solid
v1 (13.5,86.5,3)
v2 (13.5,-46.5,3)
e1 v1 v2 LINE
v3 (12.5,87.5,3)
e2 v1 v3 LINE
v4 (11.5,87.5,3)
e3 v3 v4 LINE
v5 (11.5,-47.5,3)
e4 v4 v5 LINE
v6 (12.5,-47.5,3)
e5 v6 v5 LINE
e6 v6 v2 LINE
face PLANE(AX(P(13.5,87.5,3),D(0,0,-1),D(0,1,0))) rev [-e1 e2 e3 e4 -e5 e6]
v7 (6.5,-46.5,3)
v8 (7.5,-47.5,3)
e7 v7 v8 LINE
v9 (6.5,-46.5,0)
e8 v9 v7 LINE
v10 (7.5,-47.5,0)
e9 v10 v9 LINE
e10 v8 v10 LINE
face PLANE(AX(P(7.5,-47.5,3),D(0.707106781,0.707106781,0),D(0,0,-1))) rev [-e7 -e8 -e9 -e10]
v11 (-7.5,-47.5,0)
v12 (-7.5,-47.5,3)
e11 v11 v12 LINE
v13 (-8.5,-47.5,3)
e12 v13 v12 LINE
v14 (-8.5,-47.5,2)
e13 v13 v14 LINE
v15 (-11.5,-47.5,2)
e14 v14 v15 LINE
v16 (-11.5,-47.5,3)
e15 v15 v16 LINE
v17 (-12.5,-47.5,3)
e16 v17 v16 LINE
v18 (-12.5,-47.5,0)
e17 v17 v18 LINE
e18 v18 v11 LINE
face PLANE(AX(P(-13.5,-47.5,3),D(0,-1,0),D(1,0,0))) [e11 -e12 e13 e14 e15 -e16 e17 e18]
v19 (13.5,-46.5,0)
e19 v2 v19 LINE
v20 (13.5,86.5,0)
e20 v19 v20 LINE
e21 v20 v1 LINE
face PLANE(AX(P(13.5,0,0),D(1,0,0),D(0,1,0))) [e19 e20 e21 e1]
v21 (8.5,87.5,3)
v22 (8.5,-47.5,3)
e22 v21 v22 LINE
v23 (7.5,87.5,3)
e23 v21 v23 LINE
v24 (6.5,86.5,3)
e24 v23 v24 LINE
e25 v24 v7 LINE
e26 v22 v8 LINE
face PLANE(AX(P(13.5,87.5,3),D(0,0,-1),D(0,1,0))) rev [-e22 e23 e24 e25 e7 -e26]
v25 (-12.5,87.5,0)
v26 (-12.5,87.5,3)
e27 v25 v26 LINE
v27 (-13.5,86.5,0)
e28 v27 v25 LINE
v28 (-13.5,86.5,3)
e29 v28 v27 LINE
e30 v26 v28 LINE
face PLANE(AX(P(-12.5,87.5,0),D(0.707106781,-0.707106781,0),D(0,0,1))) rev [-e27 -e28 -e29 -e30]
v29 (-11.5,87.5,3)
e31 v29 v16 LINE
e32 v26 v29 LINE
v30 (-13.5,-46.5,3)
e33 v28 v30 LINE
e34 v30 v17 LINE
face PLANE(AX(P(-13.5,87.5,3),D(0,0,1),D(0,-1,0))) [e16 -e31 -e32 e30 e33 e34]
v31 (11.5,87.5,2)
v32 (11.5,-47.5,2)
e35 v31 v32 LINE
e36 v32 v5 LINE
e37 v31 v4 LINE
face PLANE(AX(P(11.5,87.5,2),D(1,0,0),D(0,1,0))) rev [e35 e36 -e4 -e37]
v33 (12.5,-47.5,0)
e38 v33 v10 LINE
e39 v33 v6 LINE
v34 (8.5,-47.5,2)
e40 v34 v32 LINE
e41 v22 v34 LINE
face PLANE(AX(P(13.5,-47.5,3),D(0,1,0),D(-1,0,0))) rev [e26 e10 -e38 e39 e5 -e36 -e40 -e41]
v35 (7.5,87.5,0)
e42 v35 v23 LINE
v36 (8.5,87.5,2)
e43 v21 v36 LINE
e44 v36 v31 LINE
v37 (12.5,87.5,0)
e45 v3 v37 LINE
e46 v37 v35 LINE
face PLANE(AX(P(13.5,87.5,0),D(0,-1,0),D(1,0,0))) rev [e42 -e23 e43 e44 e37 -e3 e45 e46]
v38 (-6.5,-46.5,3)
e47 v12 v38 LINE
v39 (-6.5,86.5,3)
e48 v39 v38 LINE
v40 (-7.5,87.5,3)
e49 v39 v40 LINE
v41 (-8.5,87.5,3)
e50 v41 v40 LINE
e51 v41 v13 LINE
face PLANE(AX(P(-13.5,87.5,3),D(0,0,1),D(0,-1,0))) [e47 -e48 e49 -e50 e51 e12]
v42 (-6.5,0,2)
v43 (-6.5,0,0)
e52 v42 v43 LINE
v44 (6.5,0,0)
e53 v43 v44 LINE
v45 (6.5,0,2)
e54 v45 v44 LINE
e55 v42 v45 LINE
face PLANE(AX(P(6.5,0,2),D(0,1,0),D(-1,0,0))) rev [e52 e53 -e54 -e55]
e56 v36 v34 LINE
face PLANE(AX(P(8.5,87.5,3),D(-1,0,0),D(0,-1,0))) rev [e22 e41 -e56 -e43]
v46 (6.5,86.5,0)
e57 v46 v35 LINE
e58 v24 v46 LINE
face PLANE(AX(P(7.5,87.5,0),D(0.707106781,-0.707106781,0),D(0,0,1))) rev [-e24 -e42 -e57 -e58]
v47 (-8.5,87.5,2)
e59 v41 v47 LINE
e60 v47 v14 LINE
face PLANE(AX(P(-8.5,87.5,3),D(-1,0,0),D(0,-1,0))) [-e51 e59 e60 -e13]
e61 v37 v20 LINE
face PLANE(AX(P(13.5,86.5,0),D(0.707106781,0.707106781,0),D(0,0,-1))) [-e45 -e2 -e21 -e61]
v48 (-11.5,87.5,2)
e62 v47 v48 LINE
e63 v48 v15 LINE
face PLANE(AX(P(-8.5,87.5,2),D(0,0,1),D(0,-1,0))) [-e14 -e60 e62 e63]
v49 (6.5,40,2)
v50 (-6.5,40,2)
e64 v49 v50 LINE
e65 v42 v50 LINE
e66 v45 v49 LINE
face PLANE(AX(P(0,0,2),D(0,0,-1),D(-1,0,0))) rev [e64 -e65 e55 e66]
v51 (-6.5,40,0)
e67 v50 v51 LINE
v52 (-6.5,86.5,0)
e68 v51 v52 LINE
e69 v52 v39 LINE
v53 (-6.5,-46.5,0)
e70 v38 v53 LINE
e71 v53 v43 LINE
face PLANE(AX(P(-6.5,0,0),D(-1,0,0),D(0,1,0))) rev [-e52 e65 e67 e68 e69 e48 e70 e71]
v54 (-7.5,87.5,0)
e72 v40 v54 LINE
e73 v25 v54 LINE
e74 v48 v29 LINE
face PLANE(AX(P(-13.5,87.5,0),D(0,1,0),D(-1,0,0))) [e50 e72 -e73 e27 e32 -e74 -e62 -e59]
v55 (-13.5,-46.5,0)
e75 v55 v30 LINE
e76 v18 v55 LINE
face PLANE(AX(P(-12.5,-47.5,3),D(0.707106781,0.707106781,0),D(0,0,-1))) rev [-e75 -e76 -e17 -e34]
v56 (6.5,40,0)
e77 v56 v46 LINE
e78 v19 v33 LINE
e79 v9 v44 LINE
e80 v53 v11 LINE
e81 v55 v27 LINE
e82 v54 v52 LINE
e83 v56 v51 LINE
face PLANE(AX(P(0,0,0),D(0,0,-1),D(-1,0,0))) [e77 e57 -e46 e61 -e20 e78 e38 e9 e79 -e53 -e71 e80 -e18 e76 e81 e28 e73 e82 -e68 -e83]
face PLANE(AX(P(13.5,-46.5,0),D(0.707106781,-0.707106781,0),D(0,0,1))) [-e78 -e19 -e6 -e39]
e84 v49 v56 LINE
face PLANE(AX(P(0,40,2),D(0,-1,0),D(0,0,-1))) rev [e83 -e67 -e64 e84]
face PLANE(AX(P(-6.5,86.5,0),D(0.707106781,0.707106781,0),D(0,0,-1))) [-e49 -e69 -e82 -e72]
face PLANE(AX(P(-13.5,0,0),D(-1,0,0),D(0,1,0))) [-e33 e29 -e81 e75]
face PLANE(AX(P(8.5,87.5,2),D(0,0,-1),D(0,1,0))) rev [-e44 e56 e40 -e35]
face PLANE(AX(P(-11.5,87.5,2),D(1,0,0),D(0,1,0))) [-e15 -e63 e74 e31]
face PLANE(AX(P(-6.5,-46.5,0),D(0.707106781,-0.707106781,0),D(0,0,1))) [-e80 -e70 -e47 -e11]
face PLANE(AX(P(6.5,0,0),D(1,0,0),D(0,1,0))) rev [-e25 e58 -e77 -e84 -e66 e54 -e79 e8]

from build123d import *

# Parameters (mm, degrees)
SCHIZZO1_W                   = 6.5
SCHIZZO1_H                   = 40
ESTRUSIONE_ESTRUSIONE1_DEPTH = 2
SCHIZZO2_W                   = 3
SCHIZZO2_H                   = 135
ESTRUSIONE_ESTRUSIONE2_DEPTH = 7
SMUSSO1_SIZE                 = 1
SCHIZZO4_W                   = 3
SCHIZZO4_H                   = 1
TAGLIO_ESTRUSIONE1_DEPTH     = 136.706484738
SMUSSO1_OF_SPECCHIA9_SIZE    = 1


with BuildPart() as part:
    # Schizzo1 → Estrusione-Estrusione1 (new body)
    with BuildSketch(Plane.XY):
        with Locations((3.25, 20)):
            Rectangle(SCHIZZO1_W, SCHIZZO1_H)
    estrusione_estrusione1 = extrude(amount=ESTRUSIONE_ESTRUSIONE1_DEPTH)

    # Schizzo2 → Estrusione-Estrusione2 (add)
    with BuildSketch(Plane(origin=(6.5, 0, 0), x_dir=(0, 0, -1), z_dir=(1, 0, 0))):
        with Locations((-1.5, 20)):
            Rectangle(SCHIZZO2_W, SCHIZZO2_H)
    estrusione_estrusione2 = extrude(amount=ESTRUSIONE_ESTRUSIONE2_DEPTH)

    # Smusso1
    smusso1_edges = [part.edges().sort_by_distance(p)[0] for p in [
        (6.5, 87.5, 1.5),
        (6.5, -47.5, 1.5),
        (13.5, 87.5, 1.5),
        (13.5, -47.5, 1.5),
    ]]
    chamfer(smusso1_edges, length=SMUSSO1_SIZE)

    # Schizzo4 → Taglio-Estrusione1 (cut, through all)
    with BuildSketch(Plane.XZ.offset(47.5)):
        with Locations((10, 2.5)):
            Rectangle(SCHIZZO4_W, SCHIZZO4_H)
    taglio_estrusione1 = extrude(amount=-TAGLIO_ESTRUSIONE1_DEPTH, mode=Mode.SUBTRACT)

    # Specchia9: Estrusione-Estrusione1, Estrusione-Estrusione2, Taglio-Estrusione1 across plane
    add(estrusione_estrusione1.mirror(Plane.ZY))
    add(estrusione_estrusione2.mirror(Plane.ZY))
    add(taglio_estrusione1.mirror(Plane.ZY), mode=Mode.SUBTRACT)

    # Smusso1 of Specchia9
    smusso1_of_specchia9_edges = [part.edges().sort_by_distance(p)[0] for p in [
        (-6.5, 87.5, 1.5),
        (-6.5, -47.5, 1.5),
        (-13.5, 87.5, 1.5),
        (-13.5, -47.5, 1.5),
    ]]
    chamfer(smusso1_of_specchia9_edges, length=SMUSSO1_OF_SPECCHIA9_SIZE)


solid = part.part
